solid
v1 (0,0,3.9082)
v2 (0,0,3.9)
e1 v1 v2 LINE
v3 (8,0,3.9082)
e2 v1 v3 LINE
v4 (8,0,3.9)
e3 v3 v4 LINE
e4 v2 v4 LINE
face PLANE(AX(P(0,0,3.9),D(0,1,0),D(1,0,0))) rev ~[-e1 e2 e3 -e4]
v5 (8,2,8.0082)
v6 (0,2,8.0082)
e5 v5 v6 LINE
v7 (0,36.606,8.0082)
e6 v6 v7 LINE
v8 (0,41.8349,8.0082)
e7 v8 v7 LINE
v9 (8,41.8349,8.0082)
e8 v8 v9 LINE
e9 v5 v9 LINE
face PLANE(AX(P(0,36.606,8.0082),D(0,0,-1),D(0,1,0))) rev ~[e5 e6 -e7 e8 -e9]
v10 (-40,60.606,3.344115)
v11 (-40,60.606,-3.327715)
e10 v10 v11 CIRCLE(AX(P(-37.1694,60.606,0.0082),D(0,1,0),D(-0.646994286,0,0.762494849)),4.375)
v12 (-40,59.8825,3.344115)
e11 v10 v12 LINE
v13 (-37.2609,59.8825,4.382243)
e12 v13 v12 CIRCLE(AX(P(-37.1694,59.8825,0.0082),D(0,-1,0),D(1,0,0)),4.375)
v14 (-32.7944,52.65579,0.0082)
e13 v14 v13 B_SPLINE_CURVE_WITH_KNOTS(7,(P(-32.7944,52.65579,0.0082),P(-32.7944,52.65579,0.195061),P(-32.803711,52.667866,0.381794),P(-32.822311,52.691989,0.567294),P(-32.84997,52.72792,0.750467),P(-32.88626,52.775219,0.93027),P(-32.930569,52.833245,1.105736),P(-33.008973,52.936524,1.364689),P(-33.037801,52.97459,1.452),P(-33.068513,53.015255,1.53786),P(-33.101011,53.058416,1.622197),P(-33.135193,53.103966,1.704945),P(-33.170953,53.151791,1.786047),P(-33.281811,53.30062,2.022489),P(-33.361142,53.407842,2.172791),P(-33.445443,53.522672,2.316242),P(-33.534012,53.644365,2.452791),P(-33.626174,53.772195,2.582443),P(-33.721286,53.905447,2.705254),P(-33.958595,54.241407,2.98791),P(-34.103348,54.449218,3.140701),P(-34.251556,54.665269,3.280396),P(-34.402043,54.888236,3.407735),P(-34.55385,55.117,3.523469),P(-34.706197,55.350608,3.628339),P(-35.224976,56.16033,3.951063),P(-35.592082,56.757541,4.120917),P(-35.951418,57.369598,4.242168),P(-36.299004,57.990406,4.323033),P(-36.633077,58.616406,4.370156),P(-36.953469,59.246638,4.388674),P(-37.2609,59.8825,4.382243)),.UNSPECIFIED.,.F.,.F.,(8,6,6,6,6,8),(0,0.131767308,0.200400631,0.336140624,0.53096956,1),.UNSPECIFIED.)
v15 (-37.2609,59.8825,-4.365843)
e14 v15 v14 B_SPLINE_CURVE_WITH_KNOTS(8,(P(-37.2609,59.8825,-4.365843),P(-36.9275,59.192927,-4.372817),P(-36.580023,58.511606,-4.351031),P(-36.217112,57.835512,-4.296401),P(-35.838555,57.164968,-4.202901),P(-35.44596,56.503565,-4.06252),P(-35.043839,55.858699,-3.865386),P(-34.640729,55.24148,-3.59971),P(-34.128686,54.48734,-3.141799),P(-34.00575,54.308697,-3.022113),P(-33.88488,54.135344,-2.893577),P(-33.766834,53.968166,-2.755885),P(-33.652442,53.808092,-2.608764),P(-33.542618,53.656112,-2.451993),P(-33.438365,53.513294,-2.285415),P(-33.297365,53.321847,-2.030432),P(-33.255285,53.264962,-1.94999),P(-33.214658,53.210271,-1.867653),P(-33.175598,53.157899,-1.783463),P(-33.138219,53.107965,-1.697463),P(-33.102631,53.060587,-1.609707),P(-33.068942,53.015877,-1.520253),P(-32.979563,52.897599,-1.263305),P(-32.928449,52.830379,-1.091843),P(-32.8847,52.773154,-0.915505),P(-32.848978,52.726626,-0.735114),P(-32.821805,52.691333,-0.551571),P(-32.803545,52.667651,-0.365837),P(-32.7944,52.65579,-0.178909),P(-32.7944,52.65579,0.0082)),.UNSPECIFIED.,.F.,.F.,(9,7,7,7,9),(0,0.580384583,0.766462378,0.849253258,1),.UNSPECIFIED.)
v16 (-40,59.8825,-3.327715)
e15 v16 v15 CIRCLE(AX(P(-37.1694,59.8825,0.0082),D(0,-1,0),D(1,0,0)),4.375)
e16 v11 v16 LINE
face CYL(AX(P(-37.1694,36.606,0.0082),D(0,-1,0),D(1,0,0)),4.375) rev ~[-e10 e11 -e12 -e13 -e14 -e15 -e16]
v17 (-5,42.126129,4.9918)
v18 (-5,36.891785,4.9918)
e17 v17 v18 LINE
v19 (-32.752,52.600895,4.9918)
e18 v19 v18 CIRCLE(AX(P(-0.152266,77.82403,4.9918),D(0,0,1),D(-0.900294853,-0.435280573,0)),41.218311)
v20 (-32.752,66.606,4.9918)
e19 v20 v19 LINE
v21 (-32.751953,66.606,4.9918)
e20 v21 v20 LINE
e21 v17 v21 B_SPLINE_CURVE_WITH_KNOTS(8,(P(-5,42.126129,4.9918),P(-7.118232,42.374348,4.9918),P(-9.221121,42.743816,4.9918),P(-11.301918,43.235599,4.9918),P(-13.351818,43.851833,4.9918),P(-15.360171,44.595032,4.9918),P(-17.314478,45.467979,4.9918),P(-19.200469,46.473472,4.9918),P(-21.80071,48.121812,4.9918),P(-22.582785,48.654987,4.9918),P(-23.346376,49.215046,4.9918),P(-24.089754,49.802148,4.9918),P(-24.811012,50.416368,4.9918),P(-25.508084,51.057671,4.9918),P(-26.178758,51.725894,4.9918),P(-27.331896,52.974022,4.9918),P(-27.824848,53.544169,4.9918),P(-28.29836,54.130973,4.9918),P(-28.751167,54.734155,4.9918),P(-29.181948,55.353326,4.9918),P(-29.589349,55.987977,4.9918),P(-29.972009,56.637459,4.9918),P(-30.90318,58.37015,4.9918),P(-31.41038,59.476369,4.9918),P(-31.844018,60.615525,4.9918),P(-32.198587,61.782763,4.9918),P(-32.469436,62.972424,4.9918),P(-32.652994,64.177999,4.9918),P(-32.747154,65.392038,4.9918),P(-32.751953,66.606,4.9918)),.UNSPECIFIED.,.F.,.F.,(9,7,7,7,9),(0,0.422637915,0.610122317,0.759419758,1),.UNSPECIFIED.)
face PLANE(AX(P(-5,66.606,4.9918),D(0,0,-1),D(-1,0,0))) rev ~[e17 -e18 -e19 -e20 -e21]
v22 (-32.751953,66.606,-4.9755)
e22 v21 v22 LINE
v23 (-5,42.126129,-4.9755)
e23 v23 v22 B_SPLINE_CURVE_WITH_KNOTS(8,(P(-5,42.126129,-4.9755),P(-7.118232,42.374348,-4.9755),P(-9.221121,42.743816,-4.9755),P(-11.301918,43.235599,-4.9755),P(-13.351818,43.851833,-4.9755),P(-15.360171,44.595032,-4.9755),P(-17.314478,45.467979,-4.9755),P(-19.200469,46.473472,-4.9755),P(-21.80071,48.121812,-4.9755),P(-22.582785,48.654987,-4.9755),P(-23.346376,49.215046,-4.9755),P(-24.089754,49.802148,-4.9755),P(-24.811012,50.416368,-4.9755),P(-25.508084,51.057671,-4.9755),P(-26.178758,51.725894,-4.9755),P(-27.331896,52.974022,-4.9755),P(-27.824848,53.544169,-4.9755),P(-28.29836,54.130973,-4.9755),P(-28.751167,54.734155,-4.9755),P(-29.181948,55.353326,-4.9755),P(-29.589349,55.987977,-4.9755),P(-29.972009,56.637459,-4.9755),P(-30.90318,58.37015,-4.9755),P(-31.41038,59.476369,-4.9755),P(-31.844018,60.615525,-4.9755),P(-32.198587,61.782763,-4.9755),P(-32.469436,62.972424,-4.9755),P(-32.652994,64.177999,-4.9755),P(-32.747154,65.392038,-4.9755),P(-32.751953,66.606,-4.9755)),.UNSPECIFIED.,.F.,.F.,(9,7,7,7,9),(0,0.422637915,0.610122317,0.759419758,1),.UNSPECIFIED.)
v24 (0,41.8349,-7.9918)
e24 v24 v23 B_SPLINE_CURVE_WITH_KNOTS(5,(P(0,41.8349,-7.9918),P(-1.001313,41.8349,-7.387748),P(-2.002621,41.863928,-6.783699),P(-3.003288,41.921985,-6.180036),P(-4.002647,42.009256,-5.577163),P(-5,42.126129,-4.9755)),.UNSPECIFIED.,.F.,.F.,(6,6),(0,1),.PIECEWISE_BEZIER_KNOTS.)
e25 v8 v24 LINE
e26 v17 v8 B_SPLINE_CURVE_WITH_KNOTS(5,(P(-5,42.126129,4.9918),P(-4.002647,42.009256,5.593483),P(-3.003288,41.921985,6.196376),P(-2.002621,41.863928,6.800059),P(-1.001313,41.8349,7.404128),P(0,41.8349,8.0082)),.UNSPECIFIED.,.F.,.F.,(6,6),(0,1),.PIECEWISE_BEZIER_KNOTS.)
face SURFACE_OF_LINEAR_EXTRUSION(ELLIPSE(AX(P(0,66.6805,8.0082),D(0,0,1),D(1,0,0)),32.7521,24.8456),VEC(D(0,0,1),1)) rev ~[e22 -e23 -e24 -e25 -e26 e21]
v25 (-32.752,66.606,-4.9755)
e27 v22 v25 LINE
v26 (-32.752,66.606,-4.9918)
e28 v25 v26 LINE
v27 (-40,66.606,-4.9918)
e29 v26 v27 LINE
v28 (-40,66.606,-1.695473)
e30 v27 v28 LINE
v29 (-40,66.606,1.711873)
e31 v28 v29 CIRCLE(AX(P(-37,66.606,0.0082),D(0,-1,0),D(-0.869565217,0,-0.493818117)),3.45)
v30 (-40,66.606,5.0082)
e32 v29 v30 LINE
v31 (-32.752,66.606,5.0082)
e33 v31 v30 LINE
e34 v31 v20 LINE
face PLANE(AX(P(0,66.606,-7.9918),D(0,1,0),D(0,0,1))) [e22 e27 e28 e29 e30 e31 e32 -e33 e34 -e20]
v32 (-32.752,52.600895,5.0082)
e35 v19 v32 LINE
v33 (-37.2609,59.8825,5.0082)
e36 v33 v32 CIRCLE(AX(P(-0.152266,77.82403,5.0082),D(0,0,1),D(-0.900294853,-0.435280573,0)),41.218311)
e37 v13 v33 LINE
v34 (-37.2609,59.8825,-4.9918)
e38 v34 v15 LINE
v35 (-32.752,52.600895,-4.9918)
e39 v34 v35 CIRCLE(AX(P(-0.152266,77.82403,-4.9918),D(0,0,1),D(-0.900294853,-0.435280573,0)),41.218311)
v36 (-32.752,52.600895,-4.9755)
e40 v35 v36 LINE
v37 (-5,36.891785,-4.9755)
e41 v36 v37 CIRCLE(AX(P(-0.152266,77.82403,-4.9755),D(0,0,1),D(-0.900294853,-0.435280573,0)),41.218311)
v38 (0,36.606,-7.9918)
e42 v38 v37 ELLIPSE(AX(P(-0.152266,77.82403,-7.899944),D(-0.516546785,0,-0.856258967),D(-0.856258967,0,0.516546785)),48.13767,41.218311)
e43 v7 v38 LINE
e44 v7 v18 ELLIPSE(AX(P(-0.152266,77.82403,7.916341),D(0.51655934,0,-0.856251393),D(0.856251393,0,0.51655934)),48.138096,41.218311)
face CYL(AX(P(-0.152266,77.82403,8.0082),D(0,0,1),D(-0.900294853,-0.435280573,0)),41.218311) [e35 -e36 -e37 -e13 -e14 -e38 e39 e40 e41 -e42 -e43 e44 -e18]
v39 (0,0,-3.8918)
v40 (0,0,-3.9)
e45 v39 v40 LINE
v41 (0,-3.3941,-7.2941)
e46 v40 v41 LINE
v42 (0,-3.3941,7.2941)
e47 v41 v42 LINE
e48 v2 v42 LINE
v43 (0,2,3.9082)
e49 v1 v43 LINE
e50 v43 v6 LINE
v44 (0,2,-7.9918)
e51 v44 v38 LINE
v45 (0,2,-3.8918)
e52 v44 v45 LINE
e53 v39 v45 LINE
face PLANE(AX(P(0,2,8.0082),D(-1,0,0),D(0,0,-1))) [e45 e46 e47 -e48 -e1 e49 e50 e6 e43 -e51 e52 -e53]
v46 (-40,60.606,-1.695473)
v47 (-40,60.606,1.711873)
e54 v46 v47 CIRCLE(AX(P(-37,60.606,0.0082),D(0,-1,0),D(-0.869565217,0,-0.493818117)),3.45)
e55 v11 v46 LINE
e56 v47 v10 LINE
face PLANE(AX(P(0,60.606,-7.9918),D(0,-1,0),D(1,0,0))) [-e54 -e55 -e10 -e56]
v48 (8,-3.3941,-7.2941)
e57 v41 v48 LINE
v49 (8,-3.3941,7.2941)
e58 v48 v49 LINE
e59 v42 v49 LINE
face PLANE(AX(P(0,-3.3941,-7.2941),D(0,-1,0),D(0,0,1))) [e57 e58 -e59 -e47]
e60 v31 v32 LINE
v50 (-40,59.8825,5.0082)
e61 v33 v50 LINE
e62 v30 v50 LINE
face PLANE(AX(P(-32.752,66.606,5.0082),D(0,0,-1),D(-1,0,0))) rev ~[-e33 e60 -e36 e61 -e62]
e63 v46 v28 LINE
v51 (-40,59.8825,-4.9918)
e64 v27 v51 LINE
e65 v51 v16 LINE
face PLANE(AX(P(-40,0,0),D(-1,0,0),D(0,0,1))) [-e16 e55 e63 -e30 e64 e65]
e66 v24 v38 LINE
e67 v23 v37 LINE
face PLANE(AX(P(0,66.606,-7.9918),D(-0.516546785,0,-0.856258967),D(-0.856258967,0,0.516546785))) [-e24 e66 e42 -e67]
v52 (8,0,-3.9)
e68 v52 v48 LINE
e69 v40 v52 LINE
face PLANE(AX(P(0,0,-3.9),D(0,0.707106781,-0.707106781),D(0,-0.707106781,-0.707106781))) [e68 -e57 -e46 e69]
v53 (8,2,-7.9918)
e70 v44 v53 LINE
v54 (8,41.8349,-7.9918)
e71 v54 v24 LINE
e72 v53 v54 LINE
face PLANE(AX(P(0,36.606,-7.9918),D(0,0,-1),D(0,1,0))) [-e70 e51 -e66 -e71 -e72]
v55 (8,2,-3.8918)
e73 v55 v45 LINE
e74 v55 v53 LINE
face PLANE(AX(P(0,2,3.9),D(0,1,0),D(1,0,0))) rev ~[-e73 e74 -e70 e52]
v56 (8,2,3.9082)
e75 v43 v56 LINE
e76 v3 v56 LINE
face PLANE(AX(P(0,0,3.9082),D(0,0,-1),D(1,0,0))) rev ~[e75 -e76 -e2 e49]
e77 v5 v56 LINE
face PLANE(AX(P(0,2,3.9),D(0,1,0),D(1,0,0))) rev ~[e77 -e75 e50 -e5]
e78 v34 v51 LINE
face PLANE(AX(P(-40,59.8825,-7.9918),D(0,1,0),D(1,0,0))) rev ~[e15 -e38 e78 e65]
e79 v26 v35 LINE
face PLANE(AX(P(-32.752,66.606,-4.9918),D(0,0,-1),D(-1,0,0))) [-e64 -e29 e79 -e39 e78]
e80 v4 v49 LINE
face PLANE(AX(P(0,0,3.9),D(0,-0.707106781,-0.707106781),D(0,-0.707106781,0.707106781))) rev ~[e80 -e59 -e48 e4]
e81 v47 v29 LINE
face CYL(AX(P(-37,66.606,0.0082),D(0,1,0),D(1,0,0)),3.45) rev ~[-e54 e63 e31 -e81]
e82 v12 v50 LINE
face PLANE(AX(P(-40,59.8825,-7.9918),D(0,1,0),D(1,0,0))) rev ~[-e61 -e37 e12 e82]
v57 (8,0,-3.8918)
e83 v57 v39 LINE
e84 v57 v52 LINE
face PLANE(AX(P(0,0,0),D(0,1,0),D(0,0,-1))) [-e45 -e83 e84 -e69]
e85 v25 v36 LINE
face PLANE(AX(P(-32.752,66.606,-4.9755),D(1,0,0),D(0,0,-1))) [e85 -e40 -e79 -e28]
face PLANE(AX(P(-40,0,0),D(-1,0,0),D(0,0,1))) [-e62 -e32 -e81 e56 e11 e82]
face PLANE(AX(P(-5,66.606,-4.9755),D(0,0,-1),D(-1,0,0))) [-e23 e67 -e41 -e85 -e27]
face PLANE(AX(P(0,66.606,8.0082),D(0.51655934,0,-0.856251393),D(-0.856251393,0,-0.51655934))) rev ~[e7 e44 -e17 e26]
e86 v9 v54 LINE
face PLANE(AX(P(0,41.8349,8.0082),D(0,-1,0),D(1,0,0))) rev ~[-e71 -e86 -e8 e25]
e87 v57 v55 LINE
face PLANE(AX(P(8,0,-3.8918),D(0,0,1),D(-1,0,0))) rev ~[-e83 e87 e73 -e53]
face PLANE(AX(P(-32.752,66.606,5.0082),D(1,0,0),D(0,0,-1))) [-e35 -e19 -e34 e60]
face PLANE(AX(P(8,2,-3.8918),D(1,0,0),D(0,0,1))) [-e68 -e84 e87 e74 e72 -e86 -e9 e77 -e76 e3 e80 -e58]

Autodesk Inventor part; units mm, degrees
ref_plane "YZ Plane" through (0, 0, 0) normal (1, 0, 0) x (0, 1, 0)
ref_plane "XZ Plane" through (0, 0, 0) normal (0, 1, 0) x (-1, 0, 0)
ref_plane "XY Plane" through (0, 0, 0) normal (0, 0, 1) x (1, 0, 0)
sketch "Sketch1" plane through (0, 0, 0) normal (1, 0, 0) x (0, 1, 0)
  line L0 (0, 0) -> (0, 3.9)
  line L1 (0, 0) -> (0, -3.9)
  line L2 (0, 3.9) -> (-3.3941, 7.2941)
  line L3 (0, 3.9) -> (4.8, 3.9) construction
  line L4 (0, -3.9) -> (-3.3941, -7.2941)
  line L5 (0, -3.9) -> (4.8, -3.9) construction
  line L6 (-3.3941, -7.2941) -> (-3.3941, 7.2941)
  dimension "d0" = 3.9
  dimension "d1" = 3.9
  dimension "d2" = 4.8
  dimension "d3" = 135
  dimension "d4" = 4.8
  dimension "d5" = 135
extrude "Extrusion1" add sketch "Sketch1" along normal blind 8
sketch "Sketch2" plane through (0, 0, 3.9) normal (0, 1, 0) x (1, 0, 0)
  line L0 (0, -3.3941) -> (0, 11.1941) projected
  line L1 (0, -0.0082) -> (8, -0.0082)
  line L2 (8, -0.0082) -> (8, 7.7918)
  line L3 (8, 7.7918) -> (0, 7.7918)
  line L4 (0, 7.7918) -> (0, -0.0082)
  point P0 (0, 3.9)
  dimension "d8" = 8
  dimension "d9" = 7.8
extrude "Extrusion2" add sketch "Sketch2" along normal blind 2
sketch "Sketch3" plane through (0, 2, 3.9) normal (0, 1, 0) x (1, 0, 0)
  line L0 (8, -4.1082) -> (0, -4.1082)
  line L1 (0, -4.1082) -> (0, 11.8918)
  line L2 (0, 11.8918) -> (8, 11.8918)
  line L3 (8, 11.8918) -> (8, -4.1082)
  line L4 (8, -4.1082) -> (0, 11.8918) construction
  line L5 (0, -4.1082) -> (8, 11.8918) construction
  line L6 (8, 7.7918) -> (0, 7.7918) projected
  point P0 (0, 3.9)
  point P1 (4, 3.8918)
  dimension "d12" = 8
  dimension "d13" = 16
  dimension "d14" = 3.9
  dimension "d15" = 4
extrude "Extrusion3" add sketch "Sketch3" along normal blind 64.606
sketch "Sketch4" plane through (0, 0, 0) normal (-1, 0, 0) x (0, 0, 1)
  line L0 (-7.9918, 2) -> (-7.9918, 66.606) projected
  line L1 (8.0082, 2) -> (8.0082, 66.606) projected
  line L2 (-7.9918, 66.606) -> (8.0082, 66.606)
  line L3 (8.0082, 66.606) -> (8.0082, 36.606)
  line L4 (8.0082, 36.606) -> (-7.9918, 36.606)
  line L5 (-7.9918, 36.606) -> (-7.9918, 66.606)
  point P0 (0, 0)
  point P1 (8.0082, 66.606)
  point P2 (-7.9918, 36.606)
  dimension "d18" = 30
extrude "Extrusion4" add sketch "Sketch4" along normal blind 40
sketch "Sketch5" plane through (0, 66.606, 3.9) normal (0, 1, 0) x (1, 0, 0)
  circle A0 centre (-37, 3.8918) radius 3.45
  line L0 (-40, -4.1082) -> (-40, 11.8918) projected
  line L1 (8, 11.8918) -> (-40, 11.8918) projected
  point P0 (0, 3.9)
  point P1 (-40, 5.5955)
  point P2 (-40, 2.1882)
  dimension "d21" = 6.9
  dimension "d22" = 3
  dimension "d53" = 8
sketch "Sketch6" plane through (0, 2, 8.0082) normal (0, 0, 1) x (1, 0, 0)
  point P0 (0, -2)
sketch "Sketch7" plane through (0, 2, 8.0082) normal (0, 0, 1) x (1, 0, 0)
  point P0 (0, -2)
sketch "Sketch10" plane through (0, 2, 8.0082) normal (0, 0, 1) x (1, 0, 0)
  ellipse E0 centre (0, 64.6805) end of major axis (0, 39.8349) minor radius 32.7521
  line L0 (8, 64.606) -> (-40, 64.606) projected
  line L1 (0, 39.8349) -> (8, 39.8349)
  line L2 (8, 39.8349) -> (8, 64.606)
  line L3 (8, 64.606) -> (0, 64.606)
  line L4 (0, 64.606) -> (0, 39.8349)
  point P0 (0, -2)
  point P1 (8, 40.5875)
extrude "Extrusion8" cut sketch "Sketch10" against normal through all
sketch "Sketch13" plane through (0, 36.606, -7.9918) normal (0, -1, 0) x (1, 0, 0)
  circle A0 centre (-37.1694, 8) radius 4.375
  line L0 (0, 16) -> (-40, 16) projected
  point P0 (0, 7.9918)
  dimension "d37" = 8.75
  dimension "d46" = 8
extrude "Extrusion9" cut sketch "Sketch13" against normal blind 24
extrude "Extrusion10" cut sketch "Sketch5" against normal blind 24
sketch "Sketch14" plane through (8, 2, -7.9918) normal (0, 0, -1) x (-1, 0, 0)
  line L0 (48, 34.606) -> (40.7944, 34.606) projected
  line L1 (45.2609, 34.606) -> (48, 34.606)
  line L2 (48, 34.606) -> (48, 57.8825)
  line L3 (48, 57.8825) -> (45.2609, 57.8825)
  line L4 (45.2609, 57.8825) -> (45.2609, 34.606)
  point P0 (8, -2)
extrude "Extrusion11" cut sketch "Sketch14" against normal blind 24
sketch "Sketch15" plane through (0, 2, 8.0082) normal (0, 0, 1) x (1, 0, 0)
  line L0 (-37.2609, 57.8825) -> (-37.2609, 34.606) projected
  line L1 (0, 34.606) -> (-37.2609, 34.606) projected
  arc A0 (-37.2609, 57.8825) -> (0, 34.606) centre (-0.1523, 75.824) ccw
  point P0 (0, -2)
  point P1 (-0.3046, 34.606)
extrude "Extrusion12" cut sketch "Sketch15" against normal through all
sketch "Sketch16" plane through (0, 66.606, 3.9) normal (0, 1, 0) x (1, 0, 0)
  line L0 (-40, 5.5955) -> (-40, 11.8918) projected
  line L1 (-32.752, 11.8918) -> (-40, 11.8918) projected
  line L2 (-32.752, -4.1082) -> (-32.752, 11.8918) projected
  line L3 (-40, 11.8918) -> (-32.752, 11.8918)
  line L4 (-32.752, 11.8918) -> (-32.752, 8.8918)
  line L5 (-32.752, 8.8918) -> (-40, 8.8918)
  line L6 (-40, 8.8918) -> (-40, 11.8918)
  line L7 (0, 11.8918) -> (0, 7.7918) projected
  line L8 (0, 11.8918) -> (-5, 11.8918)
  line L9 (-5, 11.8918) -> (-5, 8.8755)
  line L10 (-5, 8.8755) -> (0, 8.8755)
  line L11 (0, 8.8755) -> (0, 11.8918)
  line L12 (-5, 8.8755) -> (-32.752, 8.8755)
  line L13 (-32.752, 8.8755) -> (-32.752, 11.8918)
  line L14 (-32.752, 11.8918) -> (-5, 11.8918)
  line L15 (-5, 11.8918) -> (-5, 8.8755)
  line L16 (0, 11.8918) -> (-5, 8.8755)
  line L17 (0, 3.8918) -> (-40, 3.8918)
  line L18 (-40, 2.1882) -> (-40, -4.1082)
  line L19 (-32.752, -4.1082) -> (-40, -4.1082)
  line L20 (-32.752, 11.8918) -> (-32.752, -4.1082)
  line L21 (-40, -4.1082) -> (-32.752, -4.1082)
  line L22 (-32.752, -4.1082) -> (-32.752, -1.1082)
  line L23 (-32.752, -1.1082) -> (-40, -1.1082)
  line L24 (-40, -1.1082) -> (-40, -4.1082)
  line L25 (0, -4.1082) -> (0, -0.0082)
  line L26 (0, -4.1082) -> (-5, -4.1082)
  line L27 (-5, -4.1082) -> (-5, -1.0918)
  line L28 (-5, -1.0918) -> (0, -1.0918)
  line L29 (0, -1.0918) -> (0, -4.1082)
  line L30 (-5, -1.0918) -> (-32.752, -1.0918)
  line L31 (-32.752, -1.0918) -> (-32.752, -4.1082)
  line L32 (-32.752, -4.1082) -> (-5, -4.1082)
  line L33 (-5, -4.1082) -> (-5, -1.0918)
  line L34 (0, -4.1082) -> (-5, -1.0918)
  point P0 (0, -1.0918)
  dimension "d48" = 3
  dimension "d49" = 5
  dimension "d52" = 8
extrude "Extrusion13" cut sketch "Sketch16" against normal through all contours L30 L27 L32 L2 | L0 L1 L2 L5 | L2 L14 L9 L12 | L8 L16 L9 | L2 L19 L18 L23 | L34 L26 L27
properties part number "Pasteur_holder_V2"
